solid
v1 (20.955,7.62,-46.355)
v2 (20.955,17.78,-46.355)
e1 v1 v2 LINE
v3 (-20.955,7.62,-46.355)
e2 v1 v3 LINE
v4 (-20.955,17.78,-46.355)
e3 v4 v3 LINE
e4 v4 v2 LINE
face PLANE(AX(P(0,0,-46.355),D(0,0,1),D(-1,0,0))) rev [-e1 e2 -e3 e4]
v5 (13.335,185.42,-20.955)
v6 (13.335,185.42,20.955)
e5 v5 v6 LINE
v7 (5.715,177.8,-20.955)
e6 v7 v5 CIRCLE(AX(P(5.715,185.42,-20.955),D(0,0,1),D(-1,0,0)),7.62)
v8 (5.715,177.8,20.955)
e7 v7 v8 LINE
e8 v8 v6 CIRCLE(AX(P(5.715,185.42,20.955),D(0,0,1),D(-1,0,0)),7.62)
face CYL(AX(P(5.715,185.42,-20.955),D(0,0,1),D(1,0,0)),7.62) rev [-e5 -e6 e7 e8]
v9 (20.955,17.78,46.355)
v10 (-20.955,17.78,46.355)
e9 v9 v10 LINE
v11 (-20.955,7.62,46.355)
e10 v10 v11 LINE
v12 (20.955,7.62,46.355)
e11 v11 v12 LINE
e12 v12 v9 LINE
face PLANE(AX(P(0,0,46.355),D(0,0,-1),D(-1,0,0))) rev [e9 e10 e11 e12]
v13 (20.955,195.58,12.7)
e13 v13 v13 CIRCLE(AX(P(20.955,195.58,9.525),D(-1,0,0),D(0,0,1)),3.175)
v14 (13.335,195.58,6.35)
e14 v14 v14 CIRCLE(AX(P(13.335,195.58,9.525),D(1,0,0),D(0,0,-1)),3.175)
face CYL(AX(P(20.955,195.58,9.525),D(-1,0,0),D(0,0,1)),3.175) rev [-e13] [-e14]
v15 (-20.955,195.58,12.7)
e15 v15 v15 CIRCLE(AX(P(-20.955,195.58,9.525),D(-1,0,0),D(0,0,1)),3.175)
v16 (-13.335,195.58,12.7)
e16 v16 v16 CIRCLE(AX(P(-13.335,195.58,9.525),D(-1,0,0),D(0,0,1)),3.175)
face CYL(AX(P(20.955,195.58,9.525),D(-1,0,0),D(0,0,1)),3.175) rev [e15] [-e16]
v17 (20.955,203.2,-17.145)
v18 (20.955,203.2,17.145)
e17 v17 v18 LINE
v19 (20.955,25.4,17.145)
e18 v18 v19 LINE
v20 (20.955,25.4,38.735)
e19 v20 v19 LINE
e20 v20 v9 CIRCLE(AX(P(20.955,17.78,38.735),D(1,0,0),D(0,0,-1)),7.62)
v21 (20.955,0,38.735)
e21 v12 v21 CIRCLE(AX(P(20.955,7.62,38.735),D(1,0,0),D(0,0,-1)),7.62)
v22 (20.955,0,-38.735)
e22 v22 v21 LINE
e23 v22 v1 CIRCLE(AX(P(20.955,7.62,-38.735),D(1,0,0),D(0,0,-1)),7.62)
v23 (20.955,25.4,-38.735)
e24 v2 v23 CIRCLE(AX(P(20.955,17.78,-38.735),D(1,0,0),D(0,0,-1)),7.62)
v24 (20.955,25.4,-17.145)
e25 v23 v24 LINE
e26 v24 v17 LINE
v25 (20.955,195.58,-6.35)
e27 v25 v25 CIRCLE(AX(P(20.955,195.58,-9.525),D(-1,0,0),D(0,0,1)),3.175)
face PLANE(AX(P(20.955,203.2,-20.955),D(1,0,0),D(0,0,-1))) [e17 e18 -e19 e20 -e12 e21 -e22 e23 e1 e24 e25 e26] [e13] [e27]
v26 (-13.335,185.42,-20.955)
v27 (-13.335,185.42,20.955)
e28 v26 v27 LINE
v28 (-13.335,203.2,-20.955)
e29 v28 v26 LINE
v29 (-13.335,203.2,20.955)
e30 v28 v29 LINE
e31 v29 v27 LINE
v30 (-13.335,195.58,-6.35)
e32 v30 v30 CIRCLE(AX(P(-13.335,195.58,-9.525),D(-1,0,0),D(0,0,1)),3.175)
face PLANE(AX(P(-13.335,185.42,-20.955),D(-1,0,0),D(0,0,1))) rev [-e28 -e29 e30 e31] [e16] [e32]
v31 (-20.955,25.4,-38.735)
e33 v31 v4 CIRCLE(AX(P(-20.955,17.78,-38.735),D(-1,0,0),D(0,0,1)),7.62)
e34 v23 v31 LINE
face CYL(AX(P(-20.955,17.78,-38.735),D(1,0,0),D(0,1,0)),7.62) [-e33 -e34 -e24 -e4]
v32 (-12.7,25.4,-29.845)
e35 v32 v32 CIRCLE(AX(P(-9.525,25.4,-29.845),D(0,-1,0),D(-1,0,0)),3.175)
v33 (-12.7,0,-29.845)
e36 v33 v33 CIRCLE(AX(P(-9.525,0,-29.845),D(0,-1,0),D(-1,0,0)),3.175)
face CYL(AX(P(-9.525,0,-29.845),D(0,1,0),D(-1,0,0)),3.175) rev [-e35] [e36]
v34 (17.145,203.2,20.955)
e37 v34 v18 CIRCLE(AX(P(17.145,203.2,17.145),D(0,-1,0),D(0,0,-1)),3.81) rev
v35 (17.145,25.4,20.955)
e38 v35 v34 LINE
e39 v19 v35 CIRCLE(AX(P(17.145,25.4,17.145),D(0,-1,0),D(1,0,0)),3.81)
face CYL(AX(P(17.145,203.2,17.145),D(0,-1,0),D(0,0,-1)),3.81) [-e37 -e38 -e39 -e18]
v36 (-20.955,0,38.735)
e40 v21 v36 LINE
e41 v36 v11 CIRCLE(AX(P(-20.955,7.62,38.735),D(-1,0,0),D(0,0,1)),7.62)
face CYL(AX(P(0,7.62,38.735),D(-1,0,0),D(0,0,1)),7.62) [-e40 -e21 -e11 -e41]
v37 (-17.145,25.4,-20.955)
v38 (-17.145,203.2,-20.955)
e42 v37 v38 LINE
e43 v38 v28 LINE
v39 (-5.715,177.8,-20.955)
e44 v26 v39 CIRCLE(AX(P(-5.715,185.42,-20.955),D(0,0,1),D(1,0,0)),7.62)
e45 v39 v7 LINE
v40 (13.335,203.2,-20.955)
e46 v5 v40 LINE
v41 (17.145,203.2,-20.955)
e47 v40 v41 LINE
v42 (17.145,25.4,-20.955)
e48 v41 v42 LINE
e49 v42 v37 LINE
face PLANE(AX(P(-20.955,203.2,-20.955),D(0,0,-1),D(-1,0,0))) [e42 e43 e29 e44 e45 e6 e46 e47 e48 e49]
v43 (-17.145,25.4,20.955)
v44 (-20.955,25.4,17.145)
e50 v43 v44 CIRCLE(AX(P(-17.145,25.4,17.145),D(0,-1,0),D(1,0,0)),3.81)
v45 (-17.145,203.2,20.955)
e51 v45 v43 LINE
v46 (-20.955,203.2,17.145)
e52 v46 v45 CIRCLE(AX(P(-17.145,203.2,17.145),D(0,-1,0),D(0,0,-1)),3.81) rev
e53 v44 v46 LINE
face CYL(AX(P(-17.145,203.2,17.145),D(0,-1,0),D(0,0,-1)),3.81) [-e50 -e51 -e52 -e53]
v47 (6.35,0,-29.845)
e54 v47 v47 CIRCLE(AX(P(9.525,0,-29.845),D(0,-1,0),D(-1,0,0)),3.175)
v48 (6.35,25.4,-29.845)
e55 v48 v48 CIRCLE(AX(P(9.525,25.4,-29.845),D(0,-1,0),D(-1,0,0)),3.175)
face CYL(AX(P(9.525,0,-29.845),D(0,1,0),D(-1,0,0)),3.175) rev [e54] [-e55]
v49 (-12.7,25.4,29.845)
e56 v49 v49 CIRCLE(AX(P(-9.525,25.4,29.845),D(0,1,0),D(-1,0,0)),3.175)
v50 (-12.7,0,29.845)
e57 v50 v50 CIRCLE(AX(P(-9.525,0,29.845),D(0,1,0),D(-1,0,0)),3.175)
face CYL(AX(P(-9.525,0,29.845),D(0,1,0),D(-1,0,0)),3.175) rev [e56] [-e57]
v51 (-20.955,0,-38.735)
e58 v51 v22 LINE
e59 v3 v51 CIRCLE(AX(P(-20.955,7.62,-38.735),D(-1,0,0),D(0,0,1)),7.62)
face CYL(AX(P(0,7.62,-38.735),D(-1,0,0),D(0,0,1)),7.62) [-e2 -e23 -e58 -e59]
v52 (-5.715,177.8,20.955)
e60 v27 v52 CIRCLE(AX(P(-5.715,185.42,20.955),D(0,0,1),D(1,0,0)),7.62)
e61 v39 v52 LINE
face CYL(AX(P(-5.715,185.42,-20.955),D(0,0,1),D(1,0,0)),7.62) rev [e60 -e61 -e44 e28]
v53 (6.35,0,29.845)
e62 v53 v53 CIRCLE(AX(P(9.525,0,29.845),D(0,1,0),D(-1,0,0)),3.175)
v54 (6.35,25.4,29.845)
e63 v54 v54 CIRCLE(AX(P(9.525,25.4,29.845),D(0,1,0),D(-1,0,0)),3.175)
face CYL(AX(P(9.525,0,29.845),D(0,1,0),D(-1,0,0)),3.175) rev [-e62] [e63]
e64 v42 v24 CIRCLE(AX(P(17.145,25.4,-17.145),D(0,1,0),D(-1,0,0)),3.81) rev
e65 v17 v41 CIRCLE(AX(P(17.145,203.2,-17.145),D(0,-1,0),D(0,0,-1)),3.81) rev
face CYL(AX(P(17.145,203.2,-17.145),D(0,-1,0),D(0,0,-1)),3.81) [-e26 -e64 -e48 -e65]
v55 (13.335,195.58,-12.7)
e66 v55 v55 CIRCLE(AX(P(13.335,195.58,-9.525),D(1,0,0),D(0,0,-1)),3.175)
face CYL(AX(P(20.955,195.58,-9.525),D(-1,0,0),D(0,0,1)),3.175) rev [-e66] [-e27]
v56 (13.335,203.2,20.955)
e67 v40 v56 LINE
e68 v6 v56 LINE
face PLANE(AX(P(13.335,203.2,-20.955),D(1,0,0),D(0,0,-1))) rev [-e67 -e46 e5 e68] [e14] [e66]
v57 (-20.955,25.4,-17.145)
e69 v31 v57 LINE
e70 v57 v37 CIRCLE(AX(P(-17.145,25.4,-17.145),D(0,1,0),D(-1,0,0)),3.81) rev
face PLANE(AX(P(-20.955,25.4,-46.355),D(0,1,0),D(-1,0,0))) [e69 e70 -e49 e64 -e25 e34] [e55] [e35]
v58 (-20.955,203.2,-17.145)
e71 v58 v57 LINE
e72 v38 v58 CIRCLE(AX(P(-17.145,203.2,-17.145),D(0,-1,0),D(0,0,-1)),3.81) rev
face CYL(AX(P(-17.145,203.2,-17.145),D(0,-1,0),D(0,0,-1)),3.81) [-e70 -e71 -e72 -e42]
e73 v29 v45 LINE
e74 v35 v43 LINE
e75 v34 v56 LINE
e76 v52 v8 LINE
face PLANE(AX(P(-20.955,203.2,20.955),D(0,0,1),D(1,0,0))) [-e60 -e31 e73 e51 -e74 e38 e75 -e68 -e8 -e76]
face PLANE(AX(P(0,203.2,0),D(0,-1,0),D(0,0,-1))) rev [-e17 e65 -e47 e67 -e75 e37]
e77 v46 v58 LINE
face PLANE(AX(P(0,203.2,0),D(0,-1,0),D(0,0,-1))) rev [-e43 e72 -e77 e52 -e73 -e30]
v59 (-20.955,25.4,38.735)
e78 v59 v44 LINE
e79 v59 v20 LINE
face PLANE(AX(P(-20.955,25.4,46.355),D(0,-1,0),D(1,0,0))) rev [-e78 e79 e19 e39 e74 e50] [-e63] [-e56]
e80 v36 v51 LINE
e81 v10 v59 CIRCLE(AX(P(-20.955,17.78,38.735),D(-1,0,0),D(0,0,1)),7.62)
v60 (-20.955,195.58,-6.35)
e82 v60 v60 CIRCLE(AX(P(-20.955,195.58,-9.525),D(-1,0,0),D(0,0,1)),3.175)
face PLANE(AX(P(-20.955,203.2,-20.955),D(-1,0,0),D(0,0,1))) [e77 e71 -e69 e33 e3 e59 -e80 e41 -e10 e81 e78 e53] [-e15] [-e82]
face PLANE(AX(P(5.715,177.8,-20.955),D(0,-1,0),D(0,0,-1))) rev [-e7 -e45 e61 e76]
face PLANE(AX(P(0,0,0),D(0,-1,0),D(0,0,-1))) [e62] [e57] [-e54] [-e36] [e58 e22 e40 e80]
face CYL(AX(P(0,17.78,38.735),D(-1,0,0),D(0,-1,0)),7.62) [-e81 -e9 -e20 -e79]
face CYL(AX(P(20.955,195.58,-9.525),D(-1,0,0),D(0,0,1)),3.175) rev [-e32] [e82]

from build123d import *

# Parameters (mm, degrees)
SKETCH1_W           = 26.67
SKETCH1_H           = 26.67
BOSS_EXTRUDE1_DEPTH = 5.08
SKETCH9_W           = 41.91
SKETCH9_H           = 41.91
BOSS_EXTRUDE7_DEPTH = 203.2
CUT_EXTRUDE4_DEPTH  = 42.91
SKETCH11_R          = 3.175
CUT_EXTRUDE5_DEPTH  = 42.91
SKETCH12_W          = 41.91
SKETCH12_H          = 25.4
BOSS_EXTRUDE8_DEPTH = 25.4
SKETCH13_R          = 3.175
CUT_EXTRUDE6_DEPTH  = 26.4
FILLET2_R           = 3.81
FILLET3_R           = 7.62


with BuildPart() as part:
    # Sketch1 → Boss-Extrude1 (new body)
    with BuildSketch(Plane(origin=(0, 0, 0), x_dir=(1, 0, 0), z_dir=(0, 1, 0))):
        Rectangle(SKETCH1_W, SKETCH1_H)
    extrude(amount=BOSS_EXTRUDE1_DEPTH)

    # Sketch9 → Boss-Extrude7 (add)
    with BuildSketch(Plane.XZ):
        Rectangle(SKETCH9_W, SKETCH9_H)
    extrude(amount=-BOSS_EXTRUDE7_DEPTH)

    # Sketch10 → Cut-Extrude4 (cut, through all)
    with BuildSketch(Plane.XY.offset(20.955)):
        with BuildLine():
            Line((-13.335, 185.42), (-13.335, 203.2))
            Line((-13.335, 203.2), (13.335, 203.2))
            Line((13.335, 203.2), (13.335, 185.42))
            ThreePointArc((13.335, 185.42), (11.103153673, 180.031846327), (5.715, 177.8))
            Line((5.715, 177.8), (-5.715, 177.8))
            ThreePointArc((-5.715, 177.8), (-11.103153673, 180.031846327), (-13.335, 185.42))
        make_face()
    extrude(amount=-CUT_EXTRUDE4_DEPTH, mode=Mode.SUBTRACT)

    # Sketch11 → Cut-Extrude5 (cut, through all)
    with BuildSketch(Plane.ZY.offset(20.955)):
        with Locations((-9.525, 195.58)):
            Circle(SKETCH11_R)
        with Locations((9.525, 195.58)):
            Circle(SKETCH11_R)
    extrude(amount=-CUT_EXTRUDE5_DEPTH, mode=Mode.SUBTRACT)

    # Sketch12 → Boss-Extrude8 (add)
    with BuildSketch(Plane.XY.offset(20.955)):
        with Locations((0, 12.7)):
            Rectangle(SKETCH12_W, SKETCH12_H)
    boss_extrude8 = extrude(amount=BOSS_EXTRUDE8_DEPTH)

    # Sketch13 → Cut-Extrude6 (cut, through all)
    with BuildSketch(Plane(origin=(0, 25.4, 0), x_dir=(1, 0, 0), z_dir=(0, 1, 0))):
        with Locations((-9.525, -29.845)):
            Circle(SKETCH13_R)
        with Locations((9.525, -29.845)):
            Circle(SKETCH13_R)
    cut_extrude6 = extrude(amount=-CUT_EXTRUDE6_DEPTH, mode=Mode.SUBTRACT)

    # Mirror1: Boss-Extrude8, Cut-Extrude6 across plane
    add(boss_extrude8.mirror(Plane.XY))
    add(cut_extrude6.mirror(Plane.XY), mode=Mode.SUBTRACT)

    # Fillet2
    fillet2_edges = [part.edges().sort_by_distance(p)[0] for p in [
        (20.955, 114.3, -20.955),
        (-20.955, 114.3, -20.955),
        (-20.955, 114.3, 20.955),
        (20.955, 114.3, 20.955),
    ]]
    fillet(fillet2_edges, radius=FILLET2_R)

    # Fillet3
    fillet3_edges = [part.edges().sort_by_distance(p)[0] for p in [
        (0, 0, 46.355),
        (0, 25.4, 46.355),
        (0, 25.4, -46.355),
        (0, 0, -46.355),
    ]]
    fillet(fillet3_edges, radius=FILLET3_R)


solid = part.part
